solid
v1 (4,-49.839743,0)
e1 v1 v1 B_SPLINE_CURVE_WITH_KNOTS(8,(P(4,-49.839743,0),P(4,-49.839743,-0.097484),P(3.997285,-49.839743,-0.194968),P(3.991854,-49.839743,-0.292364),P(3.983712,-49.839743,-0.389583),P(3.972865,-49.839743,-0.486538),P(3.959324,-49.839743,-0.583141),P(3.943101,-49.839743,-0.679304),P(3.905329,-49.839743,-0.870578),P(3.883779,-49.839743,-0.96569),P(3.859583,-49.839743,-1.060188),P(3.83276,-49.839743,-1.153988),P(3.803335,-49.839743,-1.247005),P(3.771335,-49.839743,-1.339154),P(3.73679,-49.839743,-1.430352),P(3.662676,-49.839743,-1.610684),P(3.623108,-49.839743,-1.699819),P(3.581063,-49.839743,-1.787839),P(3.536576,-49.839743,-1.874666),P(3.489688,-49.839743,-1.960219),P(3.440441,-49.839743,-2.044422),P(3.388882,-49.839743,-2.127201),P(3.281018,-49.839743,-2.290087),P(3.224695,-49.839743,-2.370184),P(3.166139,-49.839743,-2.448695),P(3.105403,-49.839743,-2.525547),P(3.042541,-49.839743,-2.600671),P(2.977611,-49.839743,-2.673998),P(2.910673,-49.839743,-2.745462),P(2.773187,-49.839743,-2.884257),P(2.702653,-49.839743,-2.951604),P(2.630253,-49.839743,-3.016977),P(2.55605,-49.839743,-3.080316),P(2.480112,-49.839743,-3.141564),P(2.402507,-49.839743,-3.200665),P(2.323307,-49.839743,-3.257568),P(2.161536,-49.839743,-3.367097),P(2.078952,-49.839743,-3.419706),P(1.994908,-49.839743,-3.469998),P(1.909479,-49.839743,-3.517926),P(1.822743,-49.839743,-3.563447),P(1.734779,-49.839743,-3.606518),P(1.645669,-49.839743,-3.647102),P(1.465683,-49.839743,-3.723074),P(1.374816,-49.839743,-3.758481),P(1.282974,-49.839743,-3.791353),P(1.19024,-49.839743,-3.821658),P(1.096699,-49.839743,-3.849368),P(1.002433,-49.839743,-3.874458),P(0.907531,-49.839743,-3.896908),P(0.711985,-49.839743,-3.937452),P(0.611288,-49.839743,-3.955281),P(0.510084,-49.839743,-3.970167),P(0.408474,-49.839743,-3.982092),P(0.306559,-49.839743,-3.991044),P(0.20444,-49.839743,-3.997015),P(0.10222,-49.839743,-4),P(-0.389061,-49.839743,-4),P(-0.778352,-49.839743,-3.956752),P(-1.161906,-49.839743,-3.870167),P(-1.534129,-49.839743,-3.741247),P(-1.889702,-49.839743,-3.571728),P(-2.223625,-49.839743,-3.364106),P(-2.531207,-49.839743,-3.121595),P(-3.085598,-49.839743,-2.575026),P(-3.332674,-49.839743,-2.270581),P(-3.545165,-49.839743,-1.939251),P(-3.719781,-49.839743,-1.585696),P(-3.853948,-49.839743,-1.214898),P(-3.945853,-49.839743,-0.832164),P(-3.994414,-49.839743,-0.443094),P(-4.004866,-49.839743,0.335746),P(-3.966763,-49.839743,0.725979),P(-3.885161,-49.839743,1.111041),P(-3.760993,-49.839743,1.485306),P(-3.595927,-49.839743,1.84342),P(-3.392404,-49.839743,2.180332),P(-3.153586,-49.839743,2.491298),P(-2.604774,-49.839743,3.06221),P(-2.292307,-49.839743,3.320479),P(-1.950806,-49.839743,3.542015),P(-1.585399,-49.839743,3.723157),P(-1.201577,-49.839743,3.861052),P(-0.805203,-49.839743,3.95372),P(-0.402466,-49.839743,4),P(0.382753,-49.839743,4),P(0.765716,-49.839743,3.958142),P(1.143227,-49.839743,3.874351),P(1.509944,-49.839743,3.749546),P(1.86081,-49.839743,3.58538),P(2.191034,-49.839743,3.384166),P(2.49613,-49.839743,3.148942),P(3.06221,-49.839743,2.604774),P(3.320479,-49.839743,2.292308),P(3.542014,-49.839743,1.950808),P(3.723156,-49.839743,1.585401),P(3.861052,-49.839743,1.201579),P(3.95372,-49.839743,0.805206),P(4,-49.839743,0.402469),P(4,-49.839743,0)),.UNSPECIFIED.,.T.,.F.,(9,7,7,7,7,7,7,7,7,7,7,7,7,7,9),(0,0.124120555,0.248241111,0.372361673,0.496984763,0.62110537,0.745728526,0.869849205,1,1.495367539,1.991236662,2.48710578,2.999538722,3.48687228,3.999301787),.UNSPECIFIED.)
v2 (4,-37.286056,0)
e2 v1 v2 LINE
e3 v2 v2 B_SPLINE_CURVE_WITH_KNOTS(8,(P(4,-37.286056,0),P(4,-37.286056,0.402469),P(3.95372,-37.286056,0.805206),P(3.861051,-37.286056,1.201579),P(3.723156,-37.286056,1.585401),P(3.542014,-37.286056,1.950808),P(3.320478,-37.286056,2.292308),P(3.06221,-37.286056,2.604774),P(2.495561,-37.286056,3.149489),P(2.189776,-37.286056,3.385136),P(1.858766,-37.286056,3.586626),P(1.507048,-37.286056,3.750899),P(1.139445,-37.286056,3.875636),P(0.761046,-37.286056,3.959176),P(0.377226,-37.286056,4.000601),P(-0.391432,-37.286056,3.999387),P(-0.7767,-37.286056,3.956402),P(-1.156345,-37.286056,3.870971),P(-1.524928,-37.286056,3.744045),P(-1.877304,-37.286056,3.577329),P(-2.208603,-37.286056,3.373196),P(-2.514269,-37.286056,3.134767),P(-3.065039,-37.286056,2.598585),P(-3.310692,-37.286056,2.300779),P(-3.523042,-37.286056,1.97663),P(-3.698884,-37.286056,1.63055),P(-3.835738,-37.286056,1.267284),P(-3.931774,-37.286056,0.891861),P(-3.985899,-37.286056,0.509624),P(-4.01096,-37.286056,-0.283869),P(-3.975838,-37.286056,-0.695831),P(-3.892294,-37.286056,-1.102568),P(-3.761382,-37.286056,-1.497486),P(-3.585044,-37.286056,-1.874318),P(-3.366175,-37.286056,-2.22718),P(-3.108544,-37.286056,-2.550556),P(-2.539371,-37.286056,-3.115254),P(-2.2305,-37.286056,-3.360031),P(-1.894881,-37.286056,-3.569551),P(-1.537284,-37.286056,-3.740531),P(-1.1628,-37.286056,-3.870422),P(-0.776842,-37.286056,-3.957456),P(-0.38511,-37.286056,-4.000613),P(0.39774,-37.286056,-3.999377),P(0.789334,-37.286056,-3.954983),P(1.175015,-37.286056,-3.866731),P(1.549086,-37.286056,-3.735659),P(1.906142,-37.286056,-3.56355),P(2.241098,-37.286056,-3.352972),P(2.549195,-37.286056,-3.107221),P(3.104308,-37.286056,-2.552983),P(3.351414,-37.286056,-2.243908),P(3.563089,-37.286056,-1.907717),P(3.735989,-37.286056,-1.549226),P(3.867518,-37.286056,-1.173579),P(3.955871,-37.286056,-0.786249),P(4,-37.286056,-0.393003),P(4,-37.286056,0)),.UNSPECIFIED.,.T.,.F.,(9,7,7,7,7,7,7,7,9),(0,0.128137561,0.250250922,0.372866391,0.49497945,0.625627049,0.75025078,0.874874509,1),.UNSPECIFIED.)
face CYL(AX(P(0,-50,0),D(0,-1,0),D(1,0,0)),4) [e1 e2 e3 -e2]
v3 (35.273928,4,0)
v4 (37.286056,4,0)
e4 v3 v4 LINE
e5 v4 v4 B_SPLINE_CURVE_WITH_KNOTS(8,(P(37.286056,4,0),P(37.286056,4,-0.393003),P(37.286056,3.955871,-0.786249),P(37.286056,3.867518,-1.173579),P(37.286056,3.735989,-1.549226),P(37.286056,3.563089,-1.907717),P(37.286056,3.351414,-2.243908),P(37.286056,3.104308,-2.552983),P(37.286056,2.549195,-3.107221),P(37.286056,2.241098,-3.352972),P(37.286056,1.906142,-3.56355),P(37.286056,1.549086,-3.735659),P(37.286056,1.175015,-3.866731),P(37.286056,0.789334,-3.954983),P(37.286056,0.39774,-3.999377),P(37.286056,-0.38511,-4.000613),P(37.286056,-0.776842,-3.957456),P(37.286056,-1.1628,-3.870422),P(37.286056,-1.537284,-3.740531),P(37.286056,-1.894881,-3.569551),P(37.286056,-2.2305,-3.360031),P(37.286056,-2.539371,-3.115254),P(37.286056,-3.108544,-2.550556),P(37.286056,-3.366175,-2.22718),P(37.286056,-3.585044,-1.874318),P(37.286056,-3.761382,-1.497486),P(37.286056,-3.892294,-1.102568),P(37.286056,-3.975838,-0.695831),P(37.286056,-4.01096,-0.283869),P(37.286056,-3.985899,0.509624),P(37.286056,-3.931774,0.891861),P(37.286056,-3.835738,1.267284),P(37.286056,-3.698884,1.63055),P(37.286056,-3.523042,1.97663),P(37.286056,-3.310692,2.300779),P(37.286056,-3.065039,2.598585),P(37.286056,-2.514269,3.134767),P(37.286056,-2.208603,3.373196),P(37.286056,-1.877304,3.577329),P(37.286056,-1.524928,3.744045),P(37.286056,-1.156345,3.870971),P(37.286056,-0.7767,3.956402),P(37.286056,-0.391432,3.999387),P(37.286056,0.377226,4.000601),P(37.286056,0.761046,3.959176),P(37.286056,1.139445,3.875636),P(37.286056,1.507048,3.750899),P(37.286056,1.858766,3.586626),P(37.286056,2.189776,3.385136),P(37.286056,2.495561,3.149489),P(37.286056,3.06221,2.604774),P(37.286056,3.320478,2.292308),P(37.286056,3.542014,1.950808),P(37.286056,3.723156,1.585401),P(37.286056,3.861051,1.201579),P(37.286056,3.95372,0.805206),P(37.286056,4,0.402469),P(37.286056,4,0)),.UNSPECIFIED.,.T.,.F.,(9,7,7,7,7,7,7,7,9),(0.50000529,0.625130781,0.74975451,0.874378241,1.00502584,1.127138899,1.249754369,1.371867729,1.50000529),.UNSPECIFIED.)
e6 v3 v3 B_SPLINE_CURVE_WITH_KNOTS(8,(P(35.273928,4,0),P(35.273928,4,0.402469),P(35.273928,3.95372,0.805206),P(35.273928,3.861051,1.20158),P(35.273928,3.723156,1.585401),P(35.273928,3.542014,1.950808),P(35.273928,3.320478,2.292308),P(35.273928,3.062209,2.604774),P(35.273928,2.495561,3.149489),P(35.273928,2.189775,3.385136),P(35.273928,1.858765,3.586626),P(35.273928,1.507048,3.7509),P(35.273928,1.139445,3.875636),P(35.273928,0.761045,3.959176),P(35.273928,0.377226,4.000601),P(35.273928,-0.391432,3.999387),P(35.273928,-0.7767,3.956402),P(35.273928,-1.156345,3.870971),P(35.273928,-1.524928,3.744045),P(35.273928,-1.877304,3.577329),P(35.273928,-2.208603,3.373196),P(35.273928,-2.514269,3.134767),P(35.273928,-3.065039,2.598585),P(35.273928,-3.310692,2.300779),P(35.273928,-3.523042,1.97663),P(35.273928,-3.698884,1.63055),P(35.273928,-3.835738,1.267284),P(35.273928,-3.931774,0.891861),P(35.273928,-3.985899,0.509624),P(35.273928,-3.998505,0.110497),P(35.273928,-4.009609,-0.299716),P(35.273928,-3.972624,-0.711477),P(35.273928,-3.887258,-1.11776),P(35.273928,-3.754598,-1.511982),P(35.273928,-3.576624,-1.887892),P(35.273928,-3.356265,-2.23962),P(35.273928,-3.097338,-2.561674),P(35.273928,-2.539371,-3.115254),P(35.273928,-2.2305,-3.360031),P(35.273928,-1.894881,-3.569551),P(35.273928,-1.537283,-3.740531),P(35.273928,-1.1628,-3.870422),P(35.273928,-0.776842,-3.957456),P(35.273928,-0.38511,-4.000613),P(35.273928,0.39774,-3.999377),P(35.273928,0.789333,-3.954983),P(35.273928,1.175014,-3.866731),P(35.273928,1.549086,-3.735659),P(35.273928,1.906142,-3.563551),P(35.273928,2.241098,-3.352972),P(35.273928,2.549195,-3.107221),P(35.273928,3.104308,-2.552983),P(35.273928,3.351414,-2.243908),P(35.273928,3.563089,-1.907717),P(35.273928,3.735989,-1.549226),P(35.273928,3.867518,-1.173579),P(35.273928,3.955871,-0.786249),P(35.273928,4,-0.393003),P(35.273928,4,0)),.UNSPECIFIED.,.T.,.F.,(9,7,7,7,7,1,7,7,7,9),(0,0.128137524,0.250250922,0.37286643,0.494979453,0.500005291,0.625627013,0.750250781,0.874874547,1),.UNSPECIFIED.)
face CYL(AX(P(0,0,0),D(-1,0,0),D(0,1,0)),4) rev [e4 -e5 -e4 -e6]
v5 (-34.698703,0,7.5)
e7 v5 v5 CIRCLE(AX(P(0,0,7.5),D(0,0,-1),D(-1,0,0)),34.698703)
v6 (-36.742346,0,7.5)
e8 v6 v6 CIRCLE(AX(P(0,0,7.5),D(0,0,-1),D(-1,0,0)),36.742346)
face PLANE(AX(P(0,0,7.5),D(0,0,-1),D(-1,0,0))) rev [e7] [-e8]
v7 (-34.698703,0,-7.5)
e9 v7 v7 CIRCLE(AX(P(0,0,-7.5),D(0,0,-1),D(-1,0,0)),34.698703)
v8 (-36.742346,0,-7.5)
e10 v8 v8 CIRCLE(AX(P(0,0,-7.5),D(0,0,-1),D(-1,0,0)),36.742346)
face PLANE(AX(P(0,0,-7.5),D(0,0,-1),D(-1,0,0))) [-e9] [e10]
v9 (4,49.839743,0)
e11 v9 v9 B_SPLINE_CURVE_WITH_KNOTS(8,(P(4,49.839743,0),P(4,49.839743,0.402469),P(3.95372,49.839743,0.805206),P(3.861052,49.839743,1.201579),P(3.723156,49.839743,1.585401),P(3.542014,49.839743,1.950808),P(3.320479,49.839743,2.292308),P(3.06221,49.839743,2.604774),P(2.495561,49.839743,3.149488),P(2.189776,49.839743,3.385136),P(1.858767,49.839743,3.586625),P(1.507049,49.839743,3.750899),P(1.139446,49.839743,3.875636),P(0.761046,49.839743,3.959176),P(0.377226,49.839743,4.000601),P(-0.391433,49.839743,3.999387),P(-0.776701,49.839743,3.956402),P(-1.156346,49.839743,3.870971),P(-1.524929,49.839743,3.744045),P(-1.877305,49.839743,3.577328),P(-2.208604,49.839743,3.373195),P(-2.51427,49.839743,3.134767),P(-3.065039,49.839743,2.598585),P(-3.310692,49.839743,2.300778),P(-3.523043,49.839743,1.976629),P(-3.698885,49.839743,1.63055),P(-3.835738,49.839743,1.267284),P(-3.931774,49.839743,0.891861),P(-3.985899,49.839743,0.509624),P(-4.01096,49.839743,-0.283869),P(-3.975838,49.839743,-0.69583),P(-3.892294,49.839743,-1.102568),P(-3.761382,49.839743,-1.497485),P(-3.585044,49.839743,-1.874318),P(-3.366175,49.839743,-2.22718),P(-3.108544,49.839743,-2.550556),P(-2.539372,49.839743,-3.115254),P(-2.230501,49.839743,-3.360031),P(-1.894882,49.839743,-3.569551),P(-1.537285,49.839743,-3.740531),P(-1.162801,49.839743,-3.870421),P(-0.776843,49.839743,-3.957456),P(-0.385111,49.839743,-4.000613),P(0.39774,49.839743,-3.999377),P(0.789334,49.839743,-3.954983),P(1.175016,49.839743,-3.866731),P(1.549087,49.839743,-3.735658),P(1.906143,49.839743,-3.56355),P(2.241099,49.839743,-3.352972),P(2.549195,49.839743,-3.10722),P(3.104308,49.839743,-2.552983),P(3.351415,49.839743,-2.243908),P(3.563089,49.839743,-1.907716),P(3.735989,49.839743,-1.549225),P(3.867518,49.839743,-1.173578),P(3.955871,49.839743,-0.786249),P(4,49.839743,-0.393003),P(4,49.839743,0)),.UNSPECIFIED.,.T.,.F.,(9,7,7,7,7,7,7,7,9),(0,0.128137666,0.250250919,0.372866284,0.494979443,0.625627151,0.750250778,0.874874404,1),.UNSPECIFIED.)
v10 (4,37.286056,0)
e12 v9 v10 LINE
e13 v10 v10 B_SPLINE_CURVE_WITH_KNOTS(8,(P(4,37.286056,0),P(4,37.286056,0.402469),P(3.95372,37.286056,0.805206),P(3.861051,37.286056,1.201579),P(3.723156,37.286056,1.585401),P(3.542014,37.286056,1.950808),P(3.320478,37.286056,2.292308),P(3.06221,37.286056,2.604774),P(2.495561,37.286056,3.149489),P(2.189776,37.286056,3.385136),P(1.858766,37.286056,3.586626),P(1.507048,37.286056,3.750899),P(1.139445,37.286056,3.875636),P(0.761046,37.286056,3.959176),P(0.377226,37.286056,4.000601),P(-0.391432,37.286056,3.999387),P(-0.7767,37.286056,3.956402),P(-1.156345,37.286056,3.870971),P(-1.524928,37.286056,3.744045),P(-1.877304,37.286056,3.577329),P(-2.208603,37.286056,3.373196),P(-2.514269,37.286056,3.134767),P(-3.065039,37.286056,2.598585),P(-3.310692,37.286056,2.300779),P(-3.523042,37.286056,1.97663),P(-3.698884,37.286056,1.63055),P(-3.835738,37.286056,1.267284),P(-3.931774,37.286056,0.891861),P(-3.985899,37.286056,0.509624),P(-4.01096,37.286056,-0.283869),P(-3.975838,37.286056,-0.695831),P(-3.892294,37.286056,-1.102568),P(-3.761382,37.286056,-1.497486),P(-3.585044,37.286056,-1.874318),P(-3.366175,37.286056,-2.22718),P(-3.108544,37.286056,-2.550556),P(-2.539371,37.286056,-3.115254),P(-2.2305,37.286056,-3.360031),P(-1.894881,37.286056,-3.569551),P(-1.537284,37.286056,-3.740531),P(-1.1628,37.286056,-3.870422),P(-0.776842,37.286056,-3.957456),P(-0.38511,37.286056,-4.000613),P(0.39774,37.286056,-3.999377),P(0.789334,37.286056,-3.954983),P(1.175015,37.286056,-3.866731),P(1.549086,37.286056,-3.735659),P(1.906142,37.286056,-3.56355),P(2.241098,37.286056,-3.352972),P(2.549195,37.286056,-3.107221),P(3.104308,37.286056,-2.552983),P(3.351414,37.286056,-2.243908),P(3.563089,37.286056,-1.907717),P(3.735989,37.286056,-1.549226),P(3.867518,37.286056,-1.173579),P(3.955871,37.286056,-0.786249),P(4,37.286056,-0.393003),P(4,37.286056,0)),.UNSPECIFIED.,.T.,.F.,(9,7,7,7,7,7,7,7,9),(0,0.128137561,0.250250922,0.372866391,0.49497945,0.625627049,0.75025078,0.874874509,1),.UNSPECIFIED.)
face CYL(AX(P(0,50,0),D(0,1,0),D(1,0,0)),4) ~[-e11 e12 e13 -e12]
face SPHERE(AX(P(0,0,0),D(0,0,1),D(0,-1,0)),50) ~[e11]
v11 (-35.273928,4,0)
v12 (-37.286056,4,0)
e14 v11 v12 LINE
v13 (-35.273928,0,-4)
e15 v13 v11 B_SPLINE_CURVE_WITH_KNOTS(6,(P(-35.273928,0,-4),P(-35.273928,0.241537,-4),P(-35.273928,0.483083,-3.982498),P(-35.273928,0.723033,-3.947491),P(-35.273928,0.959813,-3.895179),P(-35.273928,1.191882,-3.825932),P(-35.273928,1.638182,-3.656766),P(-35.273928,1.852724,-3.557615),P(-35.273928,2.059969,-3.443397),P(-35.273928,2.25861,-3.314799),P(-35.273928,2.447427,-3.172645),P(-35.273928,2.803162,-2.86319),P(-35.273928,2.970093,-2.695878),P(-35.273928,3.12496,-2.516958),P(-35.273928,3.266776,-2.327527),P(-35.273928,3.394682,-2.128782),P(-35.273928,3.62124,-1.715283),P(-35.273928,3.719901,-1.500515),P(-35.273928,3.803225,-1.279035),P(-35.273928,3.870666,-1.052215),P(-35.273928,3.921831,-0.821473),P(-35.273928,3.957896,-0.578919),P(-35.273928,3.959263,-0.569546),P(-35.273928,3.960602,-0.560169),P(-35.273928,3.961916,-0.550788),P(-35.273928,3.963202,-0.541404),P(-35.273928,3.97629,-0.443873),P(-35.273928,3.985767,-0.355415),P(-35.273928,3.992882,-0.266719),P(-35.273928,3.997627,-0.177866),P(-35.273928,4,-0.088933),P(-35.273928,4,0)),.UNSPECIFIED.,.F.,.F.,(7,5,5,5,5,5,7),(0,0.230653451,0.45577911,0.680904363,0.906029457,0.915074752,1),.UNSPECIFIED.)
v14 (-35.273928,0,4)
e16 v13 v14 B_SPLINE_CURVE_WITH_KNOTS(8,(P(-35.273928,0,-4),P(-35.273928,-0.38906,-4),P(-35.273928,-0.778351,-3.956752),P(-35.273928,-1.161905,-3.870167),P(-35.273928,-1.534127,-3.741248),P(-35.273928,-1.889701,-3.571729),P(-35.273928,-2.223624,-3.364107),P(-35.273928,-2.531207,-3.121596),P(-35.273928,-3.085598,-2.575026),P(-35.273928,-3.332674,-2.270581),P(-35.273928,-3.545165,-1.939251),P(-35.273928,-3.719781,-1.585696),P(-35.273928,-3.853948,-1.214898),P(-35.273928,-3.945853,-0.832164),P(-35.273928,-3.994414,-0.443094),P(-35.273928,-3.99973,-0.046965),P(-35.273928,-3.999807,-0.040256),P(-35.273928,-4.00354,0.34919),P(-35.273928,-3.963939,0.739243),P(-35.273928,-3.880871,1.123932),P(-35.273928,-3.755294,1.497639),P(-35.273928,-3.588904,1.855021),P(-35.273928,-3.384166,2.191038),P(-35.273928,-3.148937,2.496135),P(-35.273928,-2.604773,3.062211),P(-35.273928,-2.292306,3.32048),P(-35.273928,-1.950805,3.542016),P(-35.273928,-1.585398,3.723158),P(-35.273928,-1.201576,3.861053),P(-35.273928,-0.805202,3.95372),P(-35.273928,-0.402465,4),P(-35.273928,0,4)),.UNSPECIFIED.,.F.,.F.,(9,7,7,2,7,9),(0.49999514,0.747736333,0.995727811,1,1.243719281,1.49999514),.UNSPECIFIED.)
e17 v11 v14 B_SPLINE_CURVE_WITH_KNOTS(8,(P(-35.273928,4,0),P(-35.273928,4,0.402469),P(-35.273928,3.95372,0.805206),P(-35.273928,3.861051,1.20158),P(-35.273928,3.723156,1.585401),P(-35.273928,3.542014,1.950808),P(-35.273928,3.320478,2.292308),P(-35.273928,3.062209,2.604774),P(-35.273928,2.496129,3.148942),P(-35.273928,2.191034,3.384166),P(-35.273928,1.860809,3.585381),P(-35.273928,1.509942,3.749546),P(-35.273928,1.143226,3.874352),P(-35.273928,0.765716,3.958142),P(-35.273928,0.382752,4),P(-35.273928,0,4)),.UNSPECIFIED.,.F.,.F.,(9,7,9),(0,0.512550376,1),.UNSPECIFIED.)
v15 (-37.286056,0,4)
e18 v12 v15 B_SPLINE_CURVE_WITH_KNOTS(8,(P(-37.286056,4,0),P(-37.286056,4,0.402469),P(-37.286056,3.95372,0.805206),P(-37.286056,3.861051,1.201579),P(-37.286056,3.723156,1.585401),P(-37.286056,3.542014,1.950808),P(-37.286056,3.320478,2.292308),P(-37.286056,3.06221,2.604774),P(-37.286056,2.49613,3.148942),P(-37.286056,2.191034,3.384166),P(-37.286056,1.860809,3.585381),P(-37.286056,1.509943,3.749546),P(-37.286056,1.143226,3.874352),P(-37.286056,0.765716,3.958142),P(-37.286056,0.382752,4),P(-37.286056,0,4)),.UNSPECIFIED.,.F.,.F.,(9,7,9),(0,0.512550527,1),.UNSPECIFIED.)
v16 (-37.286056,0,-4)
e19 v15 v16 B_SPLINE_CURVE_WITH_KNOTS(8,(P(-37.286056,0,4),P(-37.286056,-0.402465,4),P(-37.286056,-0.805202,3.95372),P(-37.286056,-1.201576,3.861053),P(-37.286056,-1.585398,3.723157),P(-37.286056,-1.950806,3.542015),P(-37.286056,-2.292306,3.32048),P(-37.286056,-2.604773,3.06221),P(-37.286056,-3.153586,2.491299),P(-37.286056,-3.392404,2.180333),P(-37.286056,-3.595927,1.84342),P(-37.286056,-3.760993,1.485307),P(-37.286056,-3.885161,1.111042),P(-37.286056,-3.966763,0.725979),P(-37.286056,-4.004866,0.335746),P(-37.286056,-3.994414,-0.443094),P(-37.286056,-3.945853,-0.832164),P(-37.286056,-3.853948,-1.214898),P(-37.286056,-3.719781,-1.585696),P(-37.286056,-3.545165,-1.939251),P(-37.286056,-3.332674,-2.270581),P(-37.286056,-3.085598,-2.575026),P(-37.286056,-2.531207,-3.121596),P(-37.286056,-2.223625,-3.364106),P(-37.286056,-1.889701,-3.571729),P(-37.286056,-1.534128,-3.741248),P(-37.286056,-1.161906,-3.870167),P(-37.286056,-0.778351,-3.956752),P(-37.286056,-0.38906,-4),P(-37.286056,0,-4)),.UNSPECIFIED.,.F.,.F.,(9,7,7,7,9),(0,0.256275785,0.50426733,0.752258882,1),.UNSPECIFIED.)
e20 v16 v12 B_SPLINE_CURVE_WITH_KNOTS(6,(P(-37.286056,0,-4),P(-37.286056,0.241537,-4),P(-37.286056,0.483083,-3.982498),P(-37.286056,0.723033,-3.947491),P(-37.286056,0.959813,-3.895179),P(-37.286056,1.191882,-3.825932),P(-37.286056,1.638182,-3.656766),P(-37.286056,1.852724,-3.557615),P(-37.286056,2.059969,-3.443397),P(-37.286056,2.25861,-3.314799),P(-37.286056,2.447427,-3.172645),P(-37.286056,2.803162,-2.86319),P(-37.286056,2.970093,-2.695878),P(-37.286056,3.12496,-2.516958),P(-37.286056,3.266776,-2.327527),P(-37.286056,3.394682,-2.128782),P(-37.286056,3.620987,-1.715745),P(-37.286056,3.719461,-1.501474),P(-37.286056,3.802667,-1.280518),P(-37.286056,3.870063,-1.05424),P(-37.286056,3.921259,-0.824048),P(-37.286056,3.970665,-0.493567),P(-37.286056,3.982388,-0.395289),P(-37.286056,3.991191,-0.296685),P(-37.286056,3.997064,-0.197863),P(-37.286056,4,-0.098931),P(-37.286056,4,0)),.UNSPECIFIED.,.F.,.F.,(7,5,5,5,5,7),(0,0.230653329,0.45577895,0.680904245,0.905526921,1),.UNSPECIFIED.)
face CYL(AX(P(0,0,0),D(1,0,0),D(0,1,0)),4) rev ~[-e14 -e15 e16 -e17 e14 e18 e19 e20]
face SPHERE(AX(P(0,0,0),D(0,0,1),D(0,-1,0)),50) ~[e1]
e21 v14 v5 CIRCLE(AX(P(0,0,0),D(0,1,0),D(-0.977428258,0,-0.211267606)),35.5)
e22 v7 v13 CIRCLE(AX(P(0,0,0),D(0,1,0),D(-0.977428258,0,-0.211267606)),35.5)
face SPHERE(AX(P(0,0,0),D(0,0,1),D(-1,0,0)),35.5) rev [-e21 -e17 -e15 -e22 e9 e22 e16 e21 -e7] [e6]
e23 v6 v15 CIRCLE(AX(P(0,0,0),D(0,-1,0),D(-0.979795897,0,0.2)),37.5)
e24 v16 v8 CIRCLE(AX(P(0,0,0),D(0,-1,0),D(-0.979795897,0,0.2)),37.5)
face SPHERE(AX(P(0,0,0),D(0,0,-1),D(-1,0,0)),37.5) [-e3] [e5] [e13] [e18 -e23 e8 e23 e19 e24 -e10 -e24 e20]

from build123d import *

# Parameters (mm, degrees)
F2_R          = 4
F3_DEPTH      = 37.501
F3_DEPTH_BACK = 37.501
F5_R          = 4


with BuildPart() as f1:
    # F0 (on Front) → F1 (revolve)
    with BuildSketch(Plane.XZ):
        with BuildLine():
            Line((-34.6987031458, 7.5), (-36.7423461417, 7.5))
            ThreePointArc((-36.7423461417, 7.5), (-37.5, 0), (-36.7423461417, -7.5))
            Line((-36.7423461417, -7.5), (-34.6987031458, -7.5))
            ThreePointArc((-34.6987031458, -7.5), (-35.5, 0), (-34.6987031458, 7.5))
        make_face()
    revolve(axis=Axis((0, 0, 16.8621425897), (0, 0, -1)))

    # F2 (on Right) → F3 (cut, two sides)
    with BuildSketch(Plane.YZ) as f3_sk:
        Circle(F2_R)
    extrude(amount=-F3_DEPTH, mode=Mode.SUBTRACT)
    extrude(f3_sk.sketch, amount=F3_DEPTH_BACK, mode=Mode.SUBTRACT)

    # F5 (on offset) → F6 (join, up to the next surface of F1)
    with BuildSketch(Plane.XZ.offset(50)):
        Circle(F5_R)
    extrude(until=Until.NEXT, dir=(0, 1, 0))

    # F7: F1 across plane


with BuildPart() as f1_1:
    add(f1.part)
    add(f1.part.mirror(Plane.XZ))

    # F8 (on Right) → F9 (revolve, cut)
    with BuildSketch(Plane.YZ):
        with BuildLine():
            Line((0, 50), (0, 55))
            ThreePointArc((0, 55), (-55, 0), (0, -55))
            Line((0, -55), (0, -50))
            ThreePointArc((0, -50), (-50, 0), (0, 50))
        make_face()
    revolve(axis=Axis((0, 0, 27.5), (0, 0, -1)), mode=Mode.SUBTRACT)


solid = f1_1.part
